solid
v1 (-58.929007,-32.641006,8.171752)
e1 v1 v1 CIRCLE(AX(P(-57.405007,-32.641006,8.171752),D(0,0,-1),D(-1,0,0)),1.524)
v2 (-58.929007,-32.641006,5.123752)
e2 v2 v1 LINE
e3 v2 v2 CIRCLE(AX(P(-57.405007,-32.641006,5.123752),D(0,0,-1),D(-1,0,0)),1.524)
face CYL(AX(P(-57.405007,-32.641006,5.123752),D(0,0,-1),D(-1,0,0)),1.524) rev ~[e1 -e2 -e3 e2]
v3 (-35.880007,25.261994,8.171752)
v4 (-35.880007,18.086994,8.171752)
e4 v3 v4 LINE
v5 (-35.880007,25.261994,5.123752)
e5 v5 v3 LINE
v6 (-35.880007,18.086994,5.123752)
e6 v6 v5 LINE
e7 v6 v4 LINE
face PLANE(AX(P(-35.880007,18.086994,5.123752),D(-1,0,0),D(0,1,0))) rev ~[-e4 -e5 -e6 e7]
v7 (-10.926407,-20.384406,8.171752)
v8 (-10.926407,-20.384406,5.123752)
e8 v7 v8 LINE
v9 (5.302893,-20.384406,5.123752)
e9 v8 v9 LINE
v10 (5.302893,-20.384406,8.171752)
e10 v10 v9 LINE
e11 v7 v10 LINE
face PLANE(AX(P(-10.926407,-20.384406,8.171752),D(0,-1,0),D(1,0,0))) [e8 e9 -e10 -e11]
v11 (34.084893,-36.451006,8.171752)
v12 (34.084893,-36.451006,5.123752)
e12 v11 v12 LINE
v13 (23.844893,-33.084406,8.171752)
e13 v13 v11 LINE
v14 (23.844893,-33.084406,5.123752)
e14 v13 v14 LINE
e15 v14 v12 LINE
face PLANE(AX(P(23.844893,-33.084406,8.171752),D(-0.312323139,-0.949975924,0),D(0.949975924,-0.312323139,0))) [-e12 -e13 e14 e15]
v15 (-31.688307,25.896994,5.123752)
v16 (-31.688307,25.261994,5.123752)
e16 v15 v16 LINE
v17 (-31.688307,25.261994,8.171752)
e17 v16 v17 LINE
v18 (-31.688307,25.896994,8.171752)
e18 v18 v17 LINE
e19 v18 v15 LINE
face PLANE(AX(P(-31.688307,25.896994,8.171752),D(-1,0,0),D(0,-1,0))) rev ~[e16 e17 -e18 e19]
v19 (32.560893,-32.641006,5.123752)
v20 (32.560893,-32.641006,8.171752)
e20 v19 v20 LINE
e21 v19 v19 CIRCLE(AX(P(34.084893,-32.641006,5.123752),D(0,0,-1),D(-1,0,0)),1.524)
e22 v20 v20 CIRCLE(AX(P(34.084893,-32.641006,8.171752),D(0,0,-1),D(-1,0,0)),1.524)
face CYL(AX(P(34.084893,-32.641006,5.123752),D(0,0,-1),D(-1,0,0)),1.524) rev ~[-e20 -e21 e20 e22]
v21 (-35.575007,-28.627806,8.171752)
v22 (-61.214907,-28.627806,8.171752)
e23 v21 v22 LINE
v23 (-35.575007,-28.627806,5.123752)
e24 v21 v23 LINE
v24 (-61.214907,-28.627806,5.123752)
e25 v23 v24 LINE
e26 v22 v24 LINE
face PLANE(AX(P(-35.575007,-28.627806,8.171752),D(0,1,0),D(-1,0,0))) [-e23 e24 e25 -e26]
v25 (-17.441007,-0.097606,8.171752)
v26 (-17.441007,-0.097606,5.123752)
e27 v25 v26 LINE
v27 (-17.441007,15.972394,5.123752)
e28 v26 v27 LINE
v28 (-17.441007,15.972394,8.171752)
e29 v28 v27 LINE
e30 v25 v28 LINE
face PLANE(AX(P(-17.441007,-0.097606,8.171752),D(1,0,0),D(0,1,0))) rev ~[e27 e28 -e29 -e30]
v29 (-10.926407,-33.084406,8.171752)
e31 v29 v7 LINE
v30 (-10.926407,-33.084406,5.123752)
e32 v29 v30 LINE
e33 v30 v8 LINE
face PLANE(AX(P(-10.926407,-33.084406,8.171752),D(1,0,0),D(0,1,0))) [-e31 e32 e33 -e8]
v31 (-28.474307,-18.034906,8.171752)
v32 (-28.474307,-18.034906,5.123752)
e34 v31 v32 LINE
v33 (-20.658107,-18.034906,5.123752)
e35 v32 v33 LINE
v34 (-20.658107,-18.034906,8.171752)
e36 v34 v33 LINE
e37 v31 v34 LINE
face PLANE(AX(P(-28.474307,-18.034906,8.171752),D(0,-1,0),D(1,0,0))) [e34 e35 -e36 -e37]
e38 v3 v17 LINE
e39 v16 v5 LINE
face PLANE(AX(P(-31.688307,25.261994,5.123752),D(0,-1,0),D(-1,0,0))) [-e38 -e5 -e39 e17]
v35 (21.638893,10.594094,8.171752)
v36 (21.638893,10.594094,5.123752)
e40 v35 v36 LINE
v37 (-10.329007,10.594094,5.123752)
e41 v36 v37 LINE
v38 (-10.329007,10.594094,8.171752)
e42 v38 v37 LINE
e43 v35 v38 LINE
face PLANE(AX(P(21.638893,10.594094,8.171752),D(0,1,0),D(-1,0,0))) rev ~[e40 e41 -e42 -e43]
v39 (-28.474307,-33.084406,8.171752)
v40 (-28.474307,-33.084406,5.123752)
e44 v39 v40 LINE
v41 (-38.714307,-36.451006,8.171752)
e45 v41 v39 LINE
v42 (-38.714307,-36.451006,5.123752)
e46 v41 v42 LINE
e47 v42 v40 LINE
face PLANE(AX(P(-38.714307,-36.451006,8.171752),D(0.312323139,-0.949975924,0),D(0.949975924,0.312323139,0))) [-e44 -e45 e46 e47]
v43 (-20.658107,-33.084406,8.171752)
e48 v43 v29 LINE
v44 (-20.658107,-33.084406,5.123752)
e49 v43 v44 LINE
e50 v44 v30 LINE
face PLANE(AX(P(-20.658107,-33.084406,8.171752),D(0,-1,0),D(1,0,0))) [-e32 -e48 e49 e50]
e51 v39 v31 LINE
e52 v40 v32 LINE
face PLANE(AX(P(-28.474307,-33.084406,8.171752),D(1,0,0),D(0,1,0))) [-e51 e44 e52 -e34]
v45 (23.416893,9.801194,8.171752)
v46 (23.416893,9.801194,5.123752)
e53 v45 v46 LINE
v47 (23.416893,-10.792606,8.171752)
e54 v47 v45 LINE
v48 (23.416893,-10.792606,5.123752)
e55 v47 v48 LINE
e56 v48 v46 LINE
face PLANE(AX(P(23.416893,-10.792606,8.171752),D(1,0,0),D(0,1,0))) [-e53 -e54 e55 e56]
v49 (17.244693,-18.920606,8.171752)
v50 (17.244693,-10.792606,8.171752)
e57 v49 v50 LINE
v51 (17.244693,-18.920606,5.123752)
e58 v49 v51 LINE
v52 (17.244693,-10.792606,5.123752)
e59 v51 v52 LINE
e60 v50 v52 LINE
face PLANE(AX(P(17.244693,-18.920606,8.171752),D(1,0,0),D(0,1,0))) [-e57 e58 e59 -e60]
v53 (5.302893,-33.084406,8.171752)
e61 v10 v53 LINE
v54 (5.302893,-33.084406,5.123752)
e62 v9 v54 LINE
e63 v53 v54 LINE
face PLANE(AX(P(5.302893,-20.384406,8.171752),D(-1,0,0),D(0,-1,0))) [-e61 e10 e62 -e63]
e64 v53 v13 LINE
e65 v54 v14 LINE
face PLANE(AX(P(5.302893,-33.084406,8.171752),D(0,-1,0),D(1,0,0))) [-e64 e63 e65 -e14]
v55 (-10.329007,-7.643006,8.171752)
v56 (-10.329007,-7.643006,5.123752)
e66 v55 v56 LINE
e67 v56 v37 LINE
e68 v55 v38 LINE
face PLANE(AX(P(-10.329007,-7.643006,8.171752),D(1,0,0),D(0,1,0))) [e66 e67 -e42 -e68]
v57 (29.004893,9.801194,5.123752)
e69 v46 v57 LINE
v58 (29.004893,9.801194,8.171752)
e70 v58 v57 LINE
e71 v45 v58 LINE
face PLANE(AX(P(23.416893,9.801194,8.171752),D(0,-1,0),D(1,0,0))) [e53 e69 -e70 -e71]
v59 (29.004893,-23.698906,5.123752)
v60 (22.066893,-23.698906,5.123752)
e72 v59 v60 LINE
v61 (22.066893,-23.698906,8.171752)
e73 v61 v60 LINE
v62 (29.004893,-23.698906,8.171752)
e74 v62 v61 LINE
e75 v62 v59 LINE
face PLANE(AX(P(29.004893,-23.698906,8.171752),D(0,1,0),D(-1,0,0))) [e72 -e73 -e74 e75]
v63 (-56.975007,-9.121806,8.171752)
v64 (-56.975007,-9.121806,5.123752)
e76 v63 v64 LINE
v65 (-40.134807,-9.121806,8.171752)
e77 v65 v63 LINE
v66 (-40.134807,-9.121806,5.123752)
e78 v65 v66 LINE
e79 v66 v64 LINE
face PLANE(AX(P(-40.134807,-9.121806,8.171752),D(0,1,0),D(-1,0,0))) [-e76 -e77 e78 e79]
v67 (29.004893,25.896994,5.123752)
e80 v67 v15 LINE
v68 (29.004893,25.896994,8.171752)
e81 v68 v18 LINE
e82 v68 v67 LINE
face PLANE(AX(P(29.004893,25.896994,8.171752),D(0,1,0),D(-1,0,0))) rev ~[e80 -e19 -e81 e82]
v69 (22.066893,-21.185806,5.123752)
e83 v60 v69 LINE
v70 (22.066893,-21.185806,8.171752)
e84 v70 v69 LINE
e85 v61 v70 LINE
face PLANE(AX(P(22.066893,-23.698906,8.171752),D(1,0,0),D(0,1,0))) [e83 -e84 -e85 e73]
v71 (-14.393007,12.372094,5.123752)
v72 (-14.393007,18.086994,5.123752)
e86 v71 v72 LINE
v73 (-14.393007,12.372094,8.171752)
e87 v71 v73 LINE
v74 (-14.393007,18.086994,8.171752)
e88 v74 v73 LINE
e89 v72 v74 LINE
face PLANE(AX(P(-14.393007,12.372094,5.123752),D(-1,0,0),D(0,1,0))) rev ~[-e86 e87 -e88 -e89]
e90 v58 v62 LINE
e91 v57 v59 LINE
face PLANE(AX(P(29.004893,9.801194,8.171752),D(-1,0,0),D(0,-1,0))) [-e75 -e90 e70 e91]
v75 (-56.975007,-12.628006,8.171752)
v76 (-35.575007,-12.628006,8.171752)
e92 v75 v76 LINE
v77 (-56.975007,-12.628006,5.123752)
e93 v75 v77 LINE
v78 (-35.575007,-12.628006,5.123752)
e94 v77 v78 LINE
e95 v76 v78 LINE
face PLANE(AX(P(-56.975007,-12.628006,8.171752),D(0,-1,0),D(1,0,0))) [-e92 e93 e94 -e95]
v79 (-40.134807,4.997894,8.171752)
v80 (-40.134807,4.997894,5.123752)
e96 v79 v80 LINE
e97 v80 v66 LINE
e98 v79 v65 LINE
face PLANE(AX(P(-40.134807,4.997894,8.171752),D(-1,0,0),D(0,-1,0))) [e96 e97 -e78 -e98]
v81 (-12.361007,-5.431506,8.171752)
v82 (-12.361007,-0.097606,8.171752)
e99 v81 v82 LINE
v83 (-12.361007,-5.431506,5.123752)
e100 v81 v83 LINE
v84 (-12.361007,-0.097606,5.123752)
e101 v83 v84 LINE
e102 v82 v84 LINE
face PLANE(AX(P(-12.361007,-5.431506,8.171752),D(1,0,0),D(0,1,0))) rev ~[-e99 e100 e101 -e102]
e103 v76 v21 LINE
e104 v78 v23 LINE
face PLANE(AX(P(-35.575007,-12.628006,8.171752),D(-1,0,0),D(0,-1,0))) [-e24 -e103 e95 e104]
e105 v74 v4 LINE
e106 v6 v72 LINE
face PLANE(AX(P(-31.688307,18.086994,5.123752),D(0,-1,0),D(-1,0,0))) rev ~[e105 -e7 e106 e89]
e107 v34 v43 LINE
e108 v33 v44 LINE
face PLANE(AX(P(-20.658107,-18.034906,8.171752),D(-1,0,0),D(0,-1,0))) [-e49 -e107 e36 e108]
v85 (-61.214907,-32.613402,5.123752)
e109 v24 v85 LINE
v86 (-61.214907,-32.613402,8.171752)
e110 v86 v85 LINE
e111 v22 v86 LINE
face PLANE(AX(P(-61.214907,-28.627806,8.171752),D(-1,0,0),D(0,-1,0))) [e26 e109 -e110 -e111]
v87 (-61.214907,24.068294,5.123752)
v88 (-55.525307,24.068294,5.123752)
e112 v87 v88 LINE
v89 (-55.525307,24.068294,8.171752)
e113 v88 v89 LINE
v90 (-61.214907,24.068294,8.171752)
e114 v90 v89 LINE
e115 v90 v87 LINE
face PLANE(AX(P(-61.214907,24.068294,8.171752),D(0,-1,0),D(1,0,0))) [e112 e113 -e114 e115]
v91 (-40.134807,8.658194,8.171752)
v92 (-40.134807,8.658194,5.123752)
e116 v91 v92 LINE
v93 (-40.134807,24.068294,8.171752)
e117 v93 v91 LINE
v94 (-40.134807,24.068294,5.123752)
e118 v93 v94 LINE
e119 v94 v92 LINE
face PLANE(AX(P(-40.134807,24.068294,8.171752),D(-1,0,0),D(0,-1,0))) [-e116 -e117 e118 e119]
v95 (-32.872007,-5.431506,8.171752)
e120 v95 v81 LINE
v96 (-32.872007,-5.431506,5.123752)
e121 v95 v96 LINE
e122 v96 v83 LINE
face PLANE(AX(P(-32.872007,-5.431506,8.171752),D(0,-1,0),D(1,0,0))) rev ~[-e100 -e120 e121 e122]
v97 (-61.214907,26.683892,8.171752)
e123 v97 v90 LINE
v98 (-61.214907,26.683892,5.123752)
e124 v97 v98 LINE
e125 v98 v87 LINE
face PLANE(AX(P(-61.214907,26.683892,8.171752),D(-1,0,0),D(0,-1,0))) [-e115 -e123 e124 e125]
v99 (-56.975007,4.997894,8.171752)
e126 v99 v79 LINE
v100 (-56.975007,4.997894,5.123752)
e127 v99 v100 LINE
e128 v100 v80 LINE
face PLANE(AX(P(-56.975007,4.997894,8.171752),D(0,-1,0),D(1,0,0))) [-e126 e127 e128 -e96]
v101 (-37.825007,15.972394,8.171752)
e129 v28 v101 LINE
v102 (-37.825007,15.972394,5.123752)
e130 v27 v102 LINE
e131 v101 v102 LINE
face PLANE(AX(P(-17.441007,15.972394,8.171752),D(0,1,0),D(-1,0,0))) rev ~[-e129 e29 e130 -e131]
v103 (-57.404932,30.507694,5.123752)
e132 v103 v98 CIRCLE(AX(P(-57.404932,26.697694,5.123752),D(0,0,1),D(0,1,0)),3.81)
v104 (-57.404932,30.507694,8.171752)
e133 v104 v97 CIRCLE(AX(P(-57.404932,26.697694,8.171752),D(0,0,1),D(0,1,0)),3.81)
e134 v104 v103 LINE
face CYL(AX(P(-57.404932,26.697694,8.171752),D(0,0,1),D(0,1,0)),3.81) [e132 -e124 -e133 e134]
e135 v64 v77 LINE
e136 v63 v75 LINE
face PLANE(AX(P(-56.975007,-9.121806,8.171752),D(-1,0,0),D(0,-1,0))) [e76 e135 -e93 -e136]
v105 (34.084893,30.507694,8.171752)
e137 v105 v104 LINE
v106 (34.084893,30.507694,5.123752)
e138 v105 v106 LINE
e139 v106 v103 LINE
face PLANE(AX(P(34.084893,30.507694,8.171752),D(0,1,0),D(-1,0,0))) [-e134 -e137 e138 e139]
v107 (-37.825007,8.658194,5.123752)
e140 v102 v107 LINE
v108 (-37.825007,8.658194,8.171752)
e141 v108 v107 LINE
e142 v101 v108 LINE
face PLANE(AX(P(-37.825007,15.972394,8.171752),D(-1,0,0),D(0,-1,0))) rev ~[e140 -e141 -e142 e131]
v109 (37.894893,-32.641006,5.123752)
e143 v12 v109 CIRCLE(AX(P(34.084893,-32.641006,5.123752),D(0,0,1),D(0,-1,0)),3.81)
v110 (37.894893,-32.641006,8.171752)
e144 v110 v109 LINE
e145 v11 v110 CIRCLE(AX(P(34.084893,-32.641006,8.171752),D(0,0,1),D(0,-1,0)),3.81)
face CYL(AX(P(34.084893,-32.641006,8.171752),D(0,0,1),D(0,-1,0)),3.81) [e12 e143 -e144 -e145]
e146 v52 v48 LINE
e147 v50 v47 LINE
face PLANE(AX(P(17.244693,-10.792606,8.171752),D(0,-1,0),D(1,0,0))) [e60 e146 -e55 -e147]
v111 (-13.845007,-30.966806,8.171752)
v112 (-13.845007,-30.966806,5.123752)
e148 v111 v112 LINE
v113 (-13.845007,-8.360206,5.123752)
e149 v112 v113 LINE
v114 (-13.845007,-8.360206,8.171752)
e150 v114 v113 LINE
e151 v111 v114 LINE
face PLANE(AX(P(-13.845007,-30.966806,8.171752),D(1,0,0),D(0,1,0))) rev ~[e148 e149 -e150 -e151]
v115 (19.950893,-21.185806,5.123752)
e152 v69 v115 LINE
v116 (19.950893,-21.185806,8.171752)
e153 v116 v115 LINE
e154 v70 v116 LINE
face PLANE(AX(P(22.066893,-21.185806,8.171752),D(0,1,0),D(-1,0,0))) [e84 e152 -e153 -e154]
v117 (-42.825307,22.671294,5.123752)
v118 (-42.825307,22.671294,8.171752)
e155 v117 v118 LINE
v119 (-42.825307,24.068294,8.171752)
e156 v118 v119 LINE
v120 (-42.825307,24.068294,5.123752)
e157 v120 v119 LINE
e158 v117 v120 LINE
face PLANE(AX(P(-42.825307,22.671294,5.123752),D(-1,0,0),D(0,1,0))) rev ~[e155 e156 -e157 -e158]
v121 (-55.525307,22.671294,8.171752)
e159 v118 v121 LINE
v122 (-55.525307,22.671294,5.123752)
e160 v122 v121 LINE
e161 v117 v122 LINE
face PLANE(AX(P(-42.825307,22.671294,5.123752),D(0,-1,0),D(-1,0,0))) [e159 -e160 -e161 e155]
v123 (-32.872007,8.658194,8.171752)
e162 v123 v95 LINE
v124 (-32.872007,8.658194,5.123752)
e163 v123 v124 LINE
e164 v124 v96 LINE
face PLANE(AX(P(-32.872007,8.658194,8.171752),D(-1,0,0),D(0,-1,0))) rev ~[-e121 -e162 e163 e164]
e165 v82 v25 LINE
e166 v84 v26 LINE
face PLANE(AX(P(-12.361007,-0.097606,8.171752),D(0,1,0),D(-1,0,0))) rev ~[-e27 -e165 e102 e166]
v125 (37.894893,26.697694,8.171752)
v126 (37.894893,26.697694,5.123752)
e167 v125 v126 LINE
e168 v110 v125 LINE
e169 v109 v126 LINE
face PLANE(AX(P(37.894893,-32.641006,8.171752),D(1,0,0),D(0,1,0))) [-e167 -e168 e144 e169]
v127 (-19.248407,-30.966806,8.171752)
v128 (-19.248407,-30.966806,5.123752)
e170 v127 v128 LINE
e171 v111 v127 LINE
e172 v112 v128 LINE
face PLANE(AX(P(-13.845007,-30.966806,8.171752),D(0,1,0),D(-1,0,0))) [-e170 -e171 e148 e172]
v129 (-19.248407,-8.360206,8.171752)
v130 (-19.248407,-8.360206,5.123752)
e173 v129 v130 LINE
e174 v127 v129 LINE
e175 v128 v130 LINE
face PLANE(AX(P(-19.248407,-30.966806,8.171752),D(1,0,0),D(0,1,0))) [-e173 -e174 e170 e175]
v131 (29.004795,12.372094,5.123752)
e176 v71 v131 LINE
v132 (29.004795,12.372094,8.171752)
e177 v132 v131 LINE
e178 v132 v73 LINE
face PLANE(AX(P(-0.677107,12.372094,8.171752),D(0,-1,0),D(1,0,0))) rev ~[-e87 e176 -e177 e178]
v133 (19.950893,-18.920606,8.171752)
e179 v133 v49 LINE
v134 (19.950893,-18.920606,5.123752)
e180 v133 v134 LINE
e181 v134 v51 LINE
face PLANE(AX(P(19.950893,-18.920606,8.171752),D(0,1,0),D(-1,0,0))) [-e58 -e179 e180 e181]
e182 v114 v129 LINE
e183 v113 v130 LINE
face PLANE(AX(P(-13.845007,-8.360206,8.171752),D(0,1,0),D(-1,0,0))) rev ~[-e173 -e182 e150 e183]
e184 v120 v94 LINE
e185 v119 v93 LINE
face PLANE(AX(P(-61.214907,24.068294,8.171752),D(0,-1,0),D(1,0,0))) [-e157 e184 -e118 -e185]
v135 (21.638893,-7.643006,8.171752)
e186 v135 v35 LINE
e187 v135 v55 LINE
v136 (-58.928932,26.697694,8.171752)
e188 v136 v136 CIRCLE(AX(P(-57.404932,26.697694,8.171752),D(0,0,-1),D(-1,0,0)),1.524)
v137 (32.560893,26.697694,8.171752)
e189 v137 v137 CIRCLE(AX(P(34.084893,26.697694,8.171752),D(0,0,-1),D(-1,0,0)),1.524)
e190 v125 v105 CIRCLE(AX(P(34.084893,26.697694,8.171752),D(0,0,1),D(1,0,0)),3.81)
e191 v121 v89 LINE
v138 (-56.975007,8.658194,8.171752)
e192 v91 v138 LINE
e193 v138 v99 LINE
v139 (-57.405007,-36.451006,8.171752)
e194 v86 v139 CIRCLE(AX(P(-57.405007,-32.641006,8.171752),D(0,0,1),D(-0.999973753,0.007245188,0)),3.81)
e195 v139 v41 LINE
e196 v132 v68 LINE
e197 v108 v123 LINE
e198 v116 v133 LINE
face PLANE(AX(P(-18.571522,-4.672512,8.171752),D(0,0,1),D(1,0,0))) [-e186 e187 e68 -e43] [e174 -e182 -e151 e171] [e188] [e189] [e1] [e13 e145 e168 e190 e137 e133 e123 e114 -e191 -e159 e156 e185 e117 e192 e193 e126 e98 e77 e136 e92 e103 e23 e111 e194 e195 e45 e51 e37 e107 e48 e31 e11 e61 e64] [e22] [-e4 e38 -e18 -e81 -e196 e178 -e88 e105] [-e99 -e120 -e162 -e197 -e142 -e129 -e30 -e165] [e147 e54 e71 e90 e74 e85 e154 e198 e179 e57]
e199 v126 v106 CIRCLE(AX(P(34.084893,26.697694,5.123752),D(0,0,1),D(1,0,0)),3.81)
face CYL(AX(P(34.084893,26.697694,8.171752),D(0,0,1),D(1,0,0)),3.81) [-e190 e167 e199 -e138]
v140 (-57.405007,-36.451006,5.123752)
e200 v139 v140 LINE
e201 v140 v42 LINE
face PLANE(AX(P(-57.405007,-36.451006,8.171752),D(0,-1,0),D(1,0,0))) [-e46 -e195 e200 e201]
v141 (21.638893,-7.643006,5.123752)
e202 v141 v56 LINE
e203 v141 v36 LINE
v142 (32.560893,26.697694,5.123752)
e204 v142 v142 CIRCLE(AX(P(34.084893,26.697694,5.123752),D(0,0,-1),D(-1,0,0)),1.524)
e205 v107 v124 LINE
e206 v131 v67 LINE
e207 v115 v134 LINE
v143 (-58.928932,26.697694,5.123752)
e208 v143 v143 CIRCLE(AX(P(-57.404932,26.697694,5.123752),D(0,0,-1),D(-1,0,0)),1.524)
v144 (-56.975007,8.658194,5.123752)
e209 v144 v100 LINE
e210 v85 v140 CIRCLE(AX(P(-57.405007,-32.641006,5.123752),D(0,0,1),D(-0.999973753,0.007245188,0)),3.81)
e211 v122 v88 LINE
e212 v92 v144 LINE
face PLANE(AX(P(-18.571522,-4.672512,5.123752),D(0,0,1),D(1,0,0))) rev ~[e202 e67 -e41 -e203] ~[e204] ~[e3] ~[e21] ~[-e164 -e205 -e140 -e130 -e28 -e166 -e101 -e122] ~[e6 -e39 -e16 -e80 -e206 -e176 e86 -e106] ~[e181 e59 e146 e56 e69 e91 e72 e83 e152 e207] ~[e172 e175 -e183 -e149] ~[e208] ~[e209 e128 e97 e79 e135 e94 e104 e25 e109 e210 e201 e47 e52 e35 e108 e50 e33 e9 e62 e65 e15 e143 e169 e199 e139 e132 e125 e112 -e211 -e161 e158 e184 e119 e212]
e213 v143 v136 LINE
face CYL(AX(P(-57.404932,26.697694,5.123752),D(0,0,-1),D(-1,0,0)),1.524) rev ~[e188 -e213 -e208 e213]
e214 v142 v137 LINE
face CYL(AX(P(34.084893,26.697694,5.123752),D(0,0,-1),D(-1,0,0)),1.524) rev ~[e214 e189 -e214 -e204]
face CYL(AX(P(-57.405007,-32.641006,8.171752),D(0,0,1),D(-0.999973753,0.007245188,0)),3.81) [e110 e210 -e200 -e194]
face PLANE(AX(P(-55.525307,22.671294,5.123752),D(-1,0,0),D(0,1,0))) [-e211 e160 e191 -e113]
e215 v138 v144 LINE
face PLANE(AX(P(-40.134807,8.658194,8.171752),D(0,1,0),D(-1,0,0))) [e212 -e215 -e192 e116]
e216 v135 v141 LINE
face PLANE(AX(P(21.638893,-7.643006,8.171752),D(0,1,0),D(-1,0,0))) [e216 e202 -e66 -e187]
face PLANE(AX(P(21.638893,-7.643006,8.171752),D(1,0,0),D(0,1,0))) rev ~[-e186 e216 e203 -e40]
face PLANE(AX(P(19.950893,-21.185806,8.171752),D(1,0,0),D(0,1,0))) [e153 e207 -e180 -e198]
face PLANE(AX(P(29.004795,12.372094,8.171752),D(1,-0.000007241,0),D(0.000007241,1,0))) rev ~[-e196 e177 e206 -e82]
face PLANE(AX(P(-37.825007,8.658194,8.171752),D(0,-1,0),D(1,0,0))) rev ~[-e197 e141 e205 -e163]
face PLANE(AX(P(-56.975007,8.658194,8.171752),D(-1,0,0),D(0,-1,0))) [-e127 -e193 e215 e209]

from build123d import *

# Parameters (mm, degrees)
SKETCH2_W           = 5.4034
SKETCH2_H           = 22.6066
SKETCH2_W_2         = 31.9679
SKETCH2_H_2         = 18.2371
BOSS_EXTRUDE1_DEPTH = 3.048
SKETCH3_R           = 1.338245378
CUT_EXTRUDE1_DEPTH  = 4.048
SKETCH4_R           = 1.524
CUT_EXTRUDE2_DEPTH  = 4.048
SKETCH5_W           = 13.7159
SKETCH5_H           = 5.7149
SKETCH5_W_2         = 4.1917
SKETCH5_H_2         = 7.175
CUT_EXTRUDE3_DEPTH  = 4.048
SKETCH7_W           = 12.7
SKETCH7_H           = 1.397
BOSS_EXTRUDE3_DEPTH = 3.048


with BuildPart() as part:
    # Sketch2 → Boss-Extrude1 (new body)
    with BuildSketch(Plane(origin=(0, 0, 8.171752382), x_dir=(-1, 0, 0), z_dir=(0, 0, -1))):
        with BuildLine():
            Line((-23.844892625, -33.084405696), (-34.084892625, -36.451005696))
            ThreePointArc((-34.084892625, -36.451005696), (-36.778969461, -35.335082532), (-37.894892625, -32.641005696))
            Line((-37.894892625, -32.641005696), (-37.894892625, 26.697694304))
            ThreePointArc((-37.894892625, 26.697694304), (-36.778969461, 29.391771141), (-34.084892625, 30.507694304))
            Line((-34.084892625, 30.507694304), (57.404932375, 30.507694304))
            ThreePointArc((57.404932375, 30.507694304), (60.103884597, 29.386886916), (61.214907375, 26.683892153))
            Line((61.214907375, 26.683892153), (61.214907375, 24.068294304))
            Line((61.214907375, 24.068294304), (40.134807375, 24.068294304))
            Line((40.134807375, 24.068294304), (40.134807375, 8.658194304))
            Line((40.134807375, 8.658194304), (56.975007375, 8.658194304))
            Line((56.975007375, 8.658194304), (56.975007375, 4.997894304))
            Line((56.975007375, 4.997894304), (40.134807375, 4.997894304))
            Line((40.134807375, 4.997894304), (40.134807375, -9.121805696))
            Line((40.134807375, -9.121805696), (56.975007375, -9.121805696))
            Line((56.975007375, -9.121805696), (56.975007375, -12.628005696))
            Line((56.975007375, -12.628005696), (35.575007375, -12.628005696))
            Line((35.575007375, -12.628005696), (35.575007375, -28.627805696))
            Line((35.575007375, -28.627805696), (61.214907375, -28.627805696))
            Line((61.214907375, -28.627805696), (61.214907375, -32.613401529))
            ThreePointArc((61.214907375, -32.613401529), (60.108826144, -35.325305244), (57.405007375, -36.451005696))
            Line((57.405007375, -36.451005696), (38.714307375, -36.451005696))
            Line((38.714307375, -36.451005696), (28.474307375, -33.084405696))
            Line((28.474307375, -33.084405696), (28.474307375, -18.034905696))
            Line((28.474307375, -18.034905696), (20.658107375, -18.034905696))
            Line((20.658107375, -18.034905696), (20.658107375, -33.084405696))
            Line((20.658107375, -33.084405696), (10.926407375, -33.084405696))
            Line((10.926407375, -33.084405696), (10.926407375, -20.384405696))
            Line((10.926407375, -20.384405696), (-5.302892625, -20.384405696))
            Line((-5.302892625, -20.384405696), (-5.302892625, -33.084405696))
            Line((-5.302892625, -33.084405696), (-23.844892625, -33.084405696))
        make_face()
        with Locations((16.546707375, -19.663505696)):
            Rectangle(SKETCH2_W, SKETCH2_H, mode=Mode.SUBTRACT)
        Polygon((-29.004892625, -23.698905696), (-22.066892625, -23.698905696), (-22.066892625, -21.185805696), (-19.950892625, -21.185805696), (-19.950892625, -18.920605696), (-17.244692625, -18.920605696), (-17.244692625, -10.792605696), (-23.416892625, -10.792605696), (-23.416892625, 9.801194304), (-29.004892625, 9.801194304), align=None, mode=Mode.SUBTRACT)
        with Locations((-5.654942625, 1.475544304)):
            Rectangle(SKETCH2_W_2, SKETCH2_H_2, mode=Mode.SUBTRACT)
        Polygon((12.361007375, -0.097605696), (17.441007375, -0.097605696), (17.441007375, 15.972394304), (37.825007375, 15.972394304), (37.825007375, 8.658194304), (32.872007375, 8.658194304), (32.872007375, -5.431505696), (12.361007375, -5.431505696), align=None, mode=Mode.SUBTRACT)
        Polygon((0.677107375, 12.372094304), (-29.004794688, 12.372094304), (-29.004892625, 25.896994304), (31.688307375, 25.896994304), (31.688307375, 18.086994304), (0.677107375, 18.086994304), align=None, mode=Mode.SUBTRACT)
    extrude(amount=BOSS_EXTRUDE1_DEPTH)

    # Sketch3 → Cut-Extrude1 (cut, through all)
    with BuildSketch(Plane(origin=(0, 0, 5.123752382), x_dir=(-1, 0, 0), z_dir=(0, 0, -1))):
        with Locations((57.405007375, -32.641005696)):
            Circle(SKETCH3_R)
        with Locations((-34.084892625, -32.641005696)):
            Circle(SKETCH3_R)
        with Locations((-34.084892625, 26.697694304)):
            Circle(SKETCH3_R)
        with Locations((57.404932375, 26.697694304)):
            Circle(SKETCH3_R)
    extrude(amount=-CUT_EXTRUDE1_DEPTH, mode=Mode.SUBTRACT)

    # Sketch4 → Cut-Extrude2 (cut, through all)
    with BuildSketch(Plane(origin=(0, 0, 5.123752382), x_dir=(-1, 0, 0), z_dir=(0, 0, -1))):
        with Locations((-34.084892625, 26.697694304)):
            Circle(SKETCH4_R)
        with Locations((-34.084892625, -32.641005696)):
            Circle(SKETCH4_R)
        with Locations((57.405007375, -32.641005696)):
            Circle(SKETCH4_R)
        with Locations((57.404932375, 26.697694304)):
            Circle(SKETCH4_R)
    extrude(amount=-CUT_EXTRUDE2_DEPTH, mode=Mode.SUBTRACT)

    # Sketch5 → Cut-Extrude3 (cut, through all)
    with BuildSketch(Plane(origin=(0, 0, 5.123752382), x_dir=(-1, 0, 0), z_dir=(0, 0, -1))):
        with Locations((7.535057375, 15.229544304)):
            Rectangle(SKETCH5_W, SKETCH5_H)
        with Locations((33.784157375, 21.674494304)):
            Rectangle(SKETCH5_W_2, SKETCH5_H_2)
    extrude(amount=-CUT_EXTRUDE3_DEPTH, mode=Mode.SUBTRACT)

    # Sketch7 → Boss-Extrude3 (add)
    with BuildSketch(Plane(origin=(0, 0, 5.123752382), x_dir=(-1, 0, 0), z_dir=(0, 0, -1))):
        with Locations((49.175307375, 23.369794304)):
            Rectangle(SKETCH7_W, SKETCH7_H)
    extrude(amount=-BOSS_EXTRUDE3_DEPTH)


solid = part.part
